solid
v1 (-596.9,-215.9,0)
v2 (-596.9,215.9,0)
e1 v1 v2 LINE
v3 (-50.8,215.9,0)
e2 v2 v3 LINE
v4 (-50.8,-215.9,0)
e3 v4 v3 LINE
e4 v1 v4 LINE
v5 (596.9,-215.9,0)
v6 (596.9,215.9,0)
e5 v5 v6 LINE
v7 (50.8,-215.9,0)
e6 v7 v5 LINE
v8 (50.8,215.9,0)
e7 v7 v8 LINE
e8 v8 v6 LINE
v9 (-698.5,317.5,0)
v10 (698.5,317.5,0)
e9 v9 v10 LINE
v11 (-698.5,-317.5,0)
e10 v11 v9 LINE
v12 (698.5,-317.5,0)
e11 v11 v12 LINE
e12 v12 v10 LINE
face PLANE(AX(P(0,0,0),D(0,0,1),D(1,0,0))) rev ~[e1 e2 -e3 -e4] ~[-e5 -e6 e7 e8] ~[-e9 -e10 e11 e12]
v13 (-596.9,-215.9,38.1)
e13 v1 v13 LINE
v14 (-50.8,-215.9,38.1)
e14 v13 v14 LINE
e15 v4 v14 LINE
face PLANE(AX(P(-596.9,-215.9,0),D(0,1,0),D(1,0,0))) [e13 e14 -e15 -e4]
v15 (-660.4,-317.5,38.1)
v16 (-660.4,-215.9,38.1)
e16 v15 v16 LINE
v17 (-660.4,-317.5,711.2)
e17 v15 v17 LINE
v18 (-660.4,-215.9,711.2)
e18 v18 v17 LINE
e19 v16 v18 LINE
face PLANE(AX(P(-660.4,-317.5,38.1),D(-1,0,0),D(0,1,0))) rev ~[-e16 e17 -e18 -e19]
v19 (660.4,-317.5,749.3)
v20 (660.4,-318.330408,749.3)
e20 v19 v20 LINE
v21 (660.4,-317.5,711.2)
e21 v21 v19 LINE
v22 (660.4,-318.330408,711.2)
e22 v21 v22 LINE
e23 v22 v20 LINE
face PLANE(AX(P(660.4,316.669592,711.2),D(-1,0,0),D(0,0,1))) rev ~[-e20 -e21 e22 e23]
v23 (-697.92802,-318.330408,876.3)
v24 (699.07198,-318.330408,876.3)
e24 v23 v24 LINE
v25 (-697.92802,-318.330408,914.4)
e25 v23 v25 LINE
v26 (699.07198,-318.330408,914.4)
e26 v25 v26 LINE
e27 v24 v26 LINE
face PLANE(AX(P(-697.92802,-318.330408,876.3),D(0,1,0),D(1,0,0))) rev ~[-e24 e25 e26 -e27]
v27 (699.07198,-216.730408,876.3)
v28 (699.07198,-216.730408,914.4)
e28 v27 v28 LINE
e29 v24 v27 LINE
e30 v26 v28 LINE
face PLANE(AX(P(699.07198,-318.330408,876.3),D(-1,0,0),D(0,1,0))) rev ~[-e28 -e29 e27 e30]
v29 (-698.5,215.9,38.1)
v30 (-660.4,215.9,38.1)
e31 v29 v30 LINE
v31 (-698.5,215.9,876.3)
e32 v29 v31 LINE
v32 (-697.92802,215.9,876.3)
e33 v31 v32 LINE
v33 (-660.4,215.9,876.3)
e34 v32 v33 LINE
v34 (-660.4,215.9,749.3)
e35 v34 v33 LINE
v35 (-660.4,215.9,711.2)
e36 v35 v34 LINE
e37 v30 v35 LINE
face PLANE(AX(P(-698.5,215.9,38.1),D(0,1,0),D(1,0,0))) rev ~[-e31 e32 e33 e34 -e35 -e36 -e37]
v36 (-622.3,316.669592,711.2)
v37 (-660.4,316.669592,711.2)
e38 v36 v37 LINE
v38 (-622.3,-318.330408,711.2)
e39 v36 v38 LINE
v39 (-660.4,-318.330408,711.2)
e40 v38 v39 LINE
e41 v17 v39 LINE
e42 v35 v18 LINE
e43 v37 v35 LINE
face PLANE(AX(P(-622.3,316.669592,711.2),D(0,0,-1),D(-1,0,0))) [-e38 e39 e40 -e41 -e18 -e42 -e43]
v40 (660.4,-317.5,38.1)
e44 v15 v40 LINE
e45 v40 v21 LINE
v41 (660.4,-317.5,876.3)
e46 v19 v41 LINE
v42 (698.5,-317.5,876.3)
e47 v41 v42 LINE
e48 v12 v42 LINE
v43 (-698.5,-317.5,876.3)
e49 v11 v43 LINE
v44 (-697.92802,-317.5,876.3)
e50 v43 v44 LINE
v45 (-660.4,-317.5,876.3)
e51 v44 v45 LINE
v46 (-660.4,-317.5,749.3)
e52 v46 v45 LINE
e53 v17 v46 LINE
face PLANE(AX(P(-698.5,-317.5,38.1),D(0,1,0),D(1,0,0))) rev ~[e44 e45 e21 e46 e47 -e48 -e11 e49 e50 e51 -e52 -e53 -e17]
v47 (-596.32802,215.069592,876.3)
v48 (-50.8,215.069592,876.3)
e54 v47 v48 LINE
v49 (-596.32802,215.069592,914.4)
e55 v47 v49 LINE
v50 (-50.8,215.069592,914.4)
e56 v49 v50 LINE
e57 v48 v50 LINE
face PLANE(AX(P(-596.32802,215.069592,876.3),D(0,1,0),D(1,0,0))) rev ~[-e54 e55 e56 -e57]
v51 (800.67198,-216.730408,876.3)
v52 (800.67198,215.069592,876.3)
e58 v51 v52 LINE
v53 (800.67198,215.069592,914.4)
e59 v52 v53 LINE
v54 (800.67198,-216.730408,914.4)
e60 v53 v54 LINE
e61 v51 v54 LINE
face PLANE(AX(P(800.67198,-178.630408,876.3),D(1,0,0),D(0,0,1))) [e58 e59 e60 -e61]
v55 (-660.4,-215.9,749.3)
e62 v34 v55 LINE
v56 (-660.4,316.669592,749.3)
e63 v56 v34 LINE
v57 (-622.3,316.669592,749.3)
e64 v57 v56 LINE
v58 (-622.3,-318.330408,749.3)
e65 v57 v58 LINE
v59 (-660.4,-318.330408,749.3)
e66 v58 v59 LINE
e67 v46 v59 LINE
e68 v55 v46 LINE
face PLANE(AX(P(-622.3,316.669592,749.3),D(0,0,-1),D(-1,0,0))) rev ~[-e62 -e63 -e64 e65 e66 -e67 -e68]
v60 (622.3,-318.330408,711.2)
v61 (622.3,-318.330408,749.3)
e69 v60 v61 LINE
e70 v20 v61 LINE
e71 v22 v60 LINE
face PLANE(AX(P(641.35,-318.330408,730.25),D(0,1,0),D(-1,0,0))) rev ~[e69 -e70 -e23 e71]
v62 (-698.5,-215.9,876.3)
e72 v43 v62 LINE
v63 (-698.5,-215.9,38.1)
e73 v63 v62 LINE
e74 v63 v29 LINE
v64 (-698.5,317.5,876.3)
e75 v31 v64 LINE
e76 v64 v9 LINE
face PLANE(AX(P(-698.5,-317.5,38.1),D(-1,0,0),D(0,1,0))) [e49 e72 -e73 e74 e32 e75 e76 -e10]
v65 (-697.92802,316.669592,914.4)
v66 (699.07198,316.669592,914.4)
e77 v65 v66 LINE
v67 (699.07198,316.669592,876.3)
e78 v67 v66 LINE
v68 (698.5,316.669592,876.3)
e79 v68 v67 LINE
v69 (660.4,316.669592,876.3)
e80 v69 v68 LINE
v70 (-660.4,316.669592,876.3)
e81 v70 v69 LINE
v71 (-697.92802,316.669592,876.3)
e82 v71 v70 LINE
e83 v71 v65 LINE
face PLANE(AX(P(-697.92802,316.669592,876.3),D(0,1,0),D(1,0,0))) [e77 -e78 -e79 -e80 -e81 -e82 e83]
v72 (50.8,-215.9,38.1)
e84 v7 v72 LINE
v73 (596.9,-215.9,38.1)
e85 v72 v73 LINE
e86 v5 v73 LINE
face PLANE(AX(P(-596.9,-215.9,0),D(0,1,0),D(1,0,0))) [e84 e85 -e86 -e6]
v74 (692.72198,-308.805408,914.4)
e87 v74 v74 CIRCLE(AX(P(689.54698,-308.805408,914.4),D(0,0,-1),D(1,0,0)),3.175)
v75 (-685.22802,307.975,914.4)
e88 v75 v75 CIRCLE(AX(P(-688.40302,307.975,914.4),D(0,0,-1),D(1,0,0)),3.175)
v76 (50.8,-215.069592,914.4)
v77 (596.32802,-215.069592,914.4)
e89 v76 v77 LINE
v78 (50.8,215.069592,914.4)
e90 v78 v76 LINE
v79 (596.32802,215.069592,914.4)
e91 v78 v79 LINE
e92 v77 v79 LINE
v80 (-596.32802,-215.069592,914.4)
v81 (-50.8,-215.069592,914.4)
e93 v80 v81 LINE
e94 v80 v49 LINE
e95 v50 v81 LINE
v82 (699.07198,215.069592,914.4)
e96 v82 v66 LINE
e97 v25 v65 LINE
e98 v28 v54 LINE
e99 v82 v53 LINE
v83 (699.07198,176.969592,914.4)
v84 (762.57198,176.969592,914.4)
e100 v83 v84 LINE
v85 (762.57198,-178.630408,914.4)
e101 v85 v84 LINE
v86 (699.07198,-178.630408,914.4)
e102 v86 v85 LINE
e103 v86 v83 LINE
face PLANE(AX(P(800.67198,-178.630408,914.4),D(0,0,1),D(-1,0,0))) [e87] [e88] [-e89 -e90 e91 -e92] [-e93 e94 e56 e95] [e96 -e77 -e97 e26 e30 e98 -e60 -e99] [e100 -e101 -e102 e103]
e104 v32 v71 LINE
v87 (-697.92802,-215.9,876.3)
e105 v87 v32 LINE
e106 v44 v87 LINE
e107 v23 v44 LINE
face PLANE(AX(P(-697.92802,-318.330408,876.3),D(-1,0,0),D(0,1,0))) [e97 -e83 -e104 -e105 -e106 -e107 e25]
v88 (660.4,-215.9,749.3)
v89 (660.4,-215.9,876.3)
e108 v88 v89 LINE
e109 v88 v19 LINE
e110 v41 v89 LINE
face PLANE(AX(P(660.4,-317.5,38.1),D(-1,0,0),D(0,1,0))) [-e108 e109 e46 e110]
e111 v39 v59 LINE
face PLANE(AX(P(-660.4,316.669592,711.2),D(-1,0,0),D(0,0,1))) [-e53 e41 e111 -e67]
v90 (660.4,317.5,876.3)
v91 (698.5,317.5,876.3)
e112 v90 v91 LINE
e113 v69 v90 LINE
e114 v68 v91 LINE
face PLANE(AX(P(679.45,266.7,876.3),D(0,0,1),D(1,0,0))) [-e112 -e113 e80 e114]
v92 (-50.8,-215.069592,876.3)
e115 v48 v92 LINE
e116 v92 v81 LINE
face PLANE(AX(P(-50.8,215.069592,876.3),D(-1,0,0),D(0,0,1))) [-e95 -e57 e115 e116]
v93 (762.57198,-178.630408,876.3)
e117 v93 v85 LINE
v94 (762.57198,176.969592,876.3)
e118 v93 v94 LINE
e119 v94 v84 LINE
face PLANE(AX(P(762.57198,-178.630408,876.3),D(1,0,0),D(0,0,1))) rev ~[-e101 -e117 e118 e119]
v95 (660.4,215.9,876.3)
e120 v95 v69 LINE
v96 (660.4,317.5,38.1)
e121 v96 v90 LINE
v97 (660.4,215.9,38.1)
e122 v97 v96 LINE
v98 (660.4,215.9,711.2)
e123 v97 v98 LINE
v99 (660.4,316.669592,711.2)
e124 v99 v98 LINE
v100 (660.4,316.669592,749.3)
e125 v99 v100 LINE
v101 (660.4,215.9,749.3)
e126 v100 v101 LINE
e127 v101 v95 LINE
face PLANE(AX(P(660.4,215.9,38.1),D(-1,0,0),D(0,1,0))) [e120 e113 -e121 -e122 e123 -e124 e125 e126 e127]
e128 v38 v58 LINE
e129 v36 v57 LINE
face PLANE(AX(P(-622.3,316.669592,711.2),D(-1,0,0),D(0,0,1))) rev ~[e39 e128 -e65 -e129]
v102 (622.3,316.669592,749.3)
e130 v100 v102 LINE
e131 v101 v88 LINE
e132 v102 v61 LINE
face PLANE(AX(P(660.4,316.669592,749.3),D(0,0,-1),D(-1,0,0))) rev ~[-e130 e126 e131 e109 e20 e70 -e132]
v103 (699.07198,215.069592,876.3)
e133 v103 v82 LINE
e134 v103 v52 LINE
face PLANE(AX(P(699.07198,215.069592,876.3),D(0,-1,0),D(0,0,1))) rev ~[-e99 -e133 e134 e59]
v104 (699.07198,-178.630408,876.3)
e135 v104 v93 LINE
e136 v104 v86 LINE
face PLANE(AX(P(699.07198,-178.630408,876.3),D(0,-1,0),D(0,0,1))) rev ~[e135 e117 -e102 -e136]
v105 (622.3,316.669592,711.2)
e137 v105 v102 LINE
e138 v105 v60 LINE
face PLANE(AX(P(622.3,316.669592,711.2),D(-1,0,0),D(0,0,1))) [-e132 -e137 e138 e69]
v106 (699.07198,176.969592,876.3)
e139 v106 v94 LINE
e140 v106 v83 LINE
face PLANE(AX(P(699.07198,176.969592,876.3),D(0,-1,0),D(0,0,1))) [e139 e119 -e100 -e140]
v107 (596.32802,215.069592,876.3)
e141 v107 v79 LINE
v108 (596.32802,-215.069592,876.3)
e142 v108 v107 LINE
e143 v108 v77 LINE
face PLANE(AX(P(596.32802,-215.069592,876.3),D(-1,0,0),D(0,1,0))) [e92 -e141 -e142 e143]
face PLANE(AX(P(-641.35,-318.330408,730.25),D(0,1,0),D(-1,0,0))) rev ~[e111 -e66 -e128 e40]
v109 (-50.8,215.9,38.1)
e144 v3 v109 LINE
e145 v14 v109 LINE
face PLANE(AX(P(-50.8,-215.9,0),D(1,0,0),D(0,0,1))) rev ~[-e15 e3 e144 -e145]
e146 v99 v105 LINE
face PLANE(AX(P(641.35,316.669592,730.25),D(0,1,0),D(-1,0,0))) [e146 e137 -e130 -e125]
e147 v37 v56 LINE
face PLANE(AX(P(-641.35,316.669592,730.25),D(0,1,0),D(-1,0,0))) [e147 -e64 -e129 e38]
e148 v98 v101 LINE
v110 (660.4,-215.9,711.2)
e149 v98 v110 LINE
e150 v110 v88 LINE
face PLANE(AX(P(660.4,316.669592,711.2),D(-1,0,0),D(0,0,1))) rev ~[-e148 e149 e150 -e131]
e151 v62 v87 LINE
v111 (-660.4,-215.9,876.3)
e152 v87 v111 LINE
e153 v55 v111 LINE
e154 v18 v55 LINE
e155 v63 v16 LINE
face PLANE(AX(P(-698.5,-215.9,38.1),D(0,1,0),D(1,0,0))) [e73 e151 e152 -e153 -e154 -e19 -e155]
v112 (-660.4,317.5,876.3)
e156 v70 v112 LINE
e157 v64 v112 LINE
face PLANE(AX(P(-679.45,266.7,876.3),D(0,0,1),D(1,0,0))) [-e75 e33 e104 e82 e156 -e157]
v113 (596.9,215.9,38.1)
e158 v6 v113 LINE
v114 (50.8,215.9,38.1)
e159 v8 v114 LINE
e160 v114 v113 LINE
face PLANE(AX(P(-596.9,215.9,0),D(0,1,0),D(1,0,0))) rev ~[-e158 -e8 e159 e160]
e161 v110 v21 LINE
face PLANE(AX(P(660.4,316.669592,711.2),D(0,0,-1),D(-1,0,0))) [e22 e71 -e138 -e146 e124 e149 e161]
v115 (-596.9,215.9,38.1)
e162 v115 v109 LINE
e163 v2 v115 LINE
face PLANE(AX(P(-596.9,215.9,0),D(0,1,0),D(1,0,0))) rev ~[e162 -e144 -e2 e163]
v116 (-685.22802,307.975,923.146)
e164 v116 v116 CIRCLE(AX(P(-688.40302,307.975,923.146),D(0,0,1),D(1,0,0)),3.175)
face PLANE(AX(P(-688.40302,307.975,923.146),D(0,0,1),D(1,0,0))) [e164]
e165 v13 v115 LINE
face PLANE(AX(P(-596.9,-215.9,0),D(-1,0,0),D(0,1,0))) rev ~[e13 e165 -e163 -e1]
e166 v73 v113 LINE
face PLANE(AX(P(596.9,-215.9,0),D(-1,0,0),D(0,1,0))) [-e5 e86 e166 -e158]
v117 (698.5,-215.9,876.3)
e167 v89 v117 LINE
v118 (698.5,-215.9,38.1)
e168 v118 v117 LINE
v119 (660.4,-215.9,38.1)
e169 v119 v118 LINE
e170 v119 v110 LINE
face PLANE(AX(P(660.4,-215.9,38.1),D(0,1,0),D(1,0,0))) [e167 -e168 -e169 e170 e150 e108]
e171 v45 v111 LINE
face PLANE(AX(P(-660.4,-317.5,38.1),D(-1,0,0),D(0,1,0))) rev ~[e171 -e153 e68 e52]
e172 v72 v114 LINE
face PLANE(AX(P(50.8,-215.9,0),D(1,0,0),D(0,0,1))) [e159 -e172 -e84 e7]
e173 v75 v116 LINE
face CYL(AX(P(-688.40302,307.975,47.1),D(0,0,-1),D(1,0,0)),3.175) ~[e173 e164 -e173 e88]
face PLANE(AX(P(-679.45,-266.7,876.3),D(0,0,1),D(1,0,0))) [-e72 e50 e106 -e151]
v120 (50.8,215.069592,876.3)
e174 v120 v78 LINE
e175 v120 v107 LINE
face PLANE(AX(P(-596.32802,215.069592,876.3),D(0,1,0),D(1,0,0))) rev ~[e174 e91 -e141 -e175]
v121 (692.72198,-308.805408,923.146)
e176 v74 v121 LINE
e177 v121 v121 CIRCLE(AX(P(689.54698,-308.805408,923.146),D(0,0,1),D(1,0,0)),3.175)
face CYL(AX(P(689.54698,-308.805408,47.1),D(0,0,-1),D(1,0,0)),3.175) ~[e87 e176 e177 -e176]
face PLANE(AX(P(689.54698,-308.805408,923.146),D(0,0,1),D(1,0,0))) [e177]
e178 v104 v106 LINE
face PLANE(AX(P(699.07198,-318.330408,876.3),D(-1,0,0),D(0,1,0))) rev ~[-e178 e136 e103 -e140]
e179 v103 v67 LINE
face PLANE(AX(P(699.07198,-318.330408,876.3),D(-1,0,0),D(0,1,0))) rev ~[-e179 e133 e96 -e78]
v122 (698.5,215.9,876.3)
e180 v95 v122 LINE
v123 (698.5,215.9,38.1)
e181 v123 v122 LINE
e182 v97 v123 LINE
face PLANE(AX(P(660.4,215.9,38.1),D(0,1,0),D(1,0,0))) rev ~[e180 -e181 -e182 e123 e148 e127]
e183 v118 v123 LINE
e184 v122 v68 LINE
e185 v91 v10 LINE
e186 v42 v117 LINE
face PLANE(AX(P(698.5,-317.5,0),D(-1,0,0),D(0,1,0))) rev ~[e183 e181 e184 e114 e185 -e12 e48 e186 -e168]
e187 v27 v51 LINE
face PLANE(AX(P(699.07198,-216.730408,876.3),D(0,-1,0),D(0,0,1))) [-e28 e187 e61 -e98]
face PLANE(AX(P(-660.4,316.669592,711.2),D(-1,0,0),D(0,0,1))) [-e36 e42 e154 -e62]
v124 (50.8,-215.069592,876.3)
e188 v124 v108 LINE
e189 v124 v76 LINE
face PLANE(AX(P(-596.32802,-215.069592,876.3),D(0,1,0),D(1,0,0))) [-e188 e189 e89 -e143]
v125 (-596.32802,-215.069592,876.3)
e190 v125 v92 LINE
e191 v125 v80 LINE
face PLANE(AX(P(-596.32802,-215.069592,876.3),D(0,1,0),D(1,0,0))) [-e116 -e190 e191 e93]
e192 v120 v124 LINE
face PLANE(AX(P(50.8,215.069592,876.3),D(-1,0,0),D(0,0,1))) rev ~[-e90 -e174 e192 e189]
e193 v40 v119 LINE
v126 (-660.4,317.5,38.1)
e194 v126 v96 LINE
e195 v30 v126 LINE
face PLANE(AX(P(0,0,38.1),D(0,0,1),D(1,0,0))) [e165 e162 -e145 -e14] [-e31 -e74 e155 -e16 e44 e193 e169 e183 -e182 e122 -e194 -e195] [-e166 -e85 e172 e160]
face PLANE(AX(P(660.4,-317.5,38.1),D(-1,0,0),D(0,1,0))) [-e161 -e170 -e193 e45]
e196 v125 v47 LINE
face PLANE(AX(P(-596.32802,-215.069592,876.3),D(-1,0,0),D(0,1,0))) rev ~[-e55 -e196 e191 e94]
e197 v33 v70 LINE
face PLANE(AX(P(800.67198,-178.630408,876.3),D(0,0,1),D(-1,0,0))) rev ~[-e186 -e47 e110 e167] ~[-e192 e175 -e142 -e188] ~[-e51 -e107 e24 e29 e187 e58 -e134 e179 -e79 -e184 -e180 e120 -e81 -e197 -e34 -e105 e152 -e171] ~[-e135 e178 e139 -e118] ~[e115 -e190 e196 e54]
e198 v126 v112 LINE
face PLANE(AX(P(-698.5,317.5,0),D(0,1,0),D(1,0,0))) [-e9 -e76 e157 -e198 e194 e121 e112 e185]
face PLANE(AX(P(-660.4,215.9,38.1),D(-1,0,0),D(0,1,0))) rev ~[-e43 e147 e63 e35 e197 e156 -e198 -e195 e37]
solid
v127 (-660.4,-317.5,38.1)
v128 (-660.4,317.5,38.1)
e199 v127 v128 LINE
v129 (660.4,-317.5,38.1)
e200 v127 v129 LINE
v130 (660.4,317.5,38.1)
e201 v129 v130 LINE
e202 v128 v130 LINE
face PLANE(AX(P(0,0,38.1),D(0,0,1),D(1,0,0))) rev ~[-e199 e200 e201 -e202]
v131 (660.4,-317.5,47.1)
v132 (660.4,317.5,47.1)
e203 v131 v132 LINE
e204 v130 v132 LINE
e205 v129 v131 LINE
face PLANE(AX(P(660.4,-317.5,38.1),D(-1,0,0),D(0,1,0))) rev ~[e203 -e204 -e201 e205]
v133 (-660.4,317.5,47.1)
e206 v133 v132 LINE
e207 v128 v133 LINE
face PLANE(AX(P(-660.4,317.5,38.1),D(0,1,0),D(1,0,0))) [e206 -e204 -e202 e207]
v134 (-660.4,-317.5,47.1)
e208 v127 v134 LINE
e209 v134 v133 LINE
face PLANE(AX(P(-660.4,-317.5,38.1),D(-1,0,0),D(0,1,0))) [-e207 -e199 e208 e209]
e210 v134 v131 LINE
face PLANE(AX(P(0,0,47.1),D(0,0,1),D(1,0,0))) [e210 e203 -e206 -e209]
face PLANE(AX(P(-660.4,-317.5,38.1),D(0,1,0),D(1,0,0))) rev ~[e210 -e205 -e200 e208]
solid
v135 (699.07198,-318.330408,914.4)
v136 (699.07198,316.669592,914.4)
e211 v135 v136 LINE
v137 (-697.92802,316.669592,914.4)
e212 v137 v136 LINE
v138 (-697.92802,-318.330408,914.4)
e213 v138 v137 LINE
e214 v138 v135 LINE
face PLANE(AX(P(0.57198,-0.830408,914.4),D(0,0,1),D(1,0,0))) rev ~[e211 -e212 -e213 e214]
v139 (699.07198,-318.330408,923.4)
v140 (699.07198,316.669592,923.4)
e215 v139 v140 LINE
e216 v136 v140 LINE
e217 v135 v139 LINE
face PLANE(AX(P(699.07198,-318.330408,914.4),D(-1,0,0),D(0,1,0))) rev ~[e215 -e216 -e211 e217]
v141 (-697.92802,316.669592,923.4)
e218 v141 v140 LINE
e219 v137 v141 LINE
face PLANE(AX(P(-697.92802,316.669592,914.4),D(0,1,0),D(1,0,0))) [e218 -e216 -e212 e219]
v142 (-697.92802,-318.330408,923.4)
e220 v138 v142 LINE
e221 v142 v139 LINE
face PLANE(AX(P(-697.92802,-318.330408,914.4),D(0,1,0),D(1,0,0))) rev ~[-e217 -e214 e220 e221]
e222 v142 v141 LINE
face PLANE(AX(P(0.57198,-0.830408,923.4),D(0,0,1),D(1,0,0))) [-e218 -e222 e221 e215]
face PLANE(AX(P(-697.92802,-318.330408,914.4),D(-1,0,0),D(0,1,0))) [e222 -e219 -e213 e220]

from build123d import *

# Parameters (mm, degrees)
F0_W      = 1397
F0_H      = 635
F0_W_2    = 1193.8
F0_H_2    = 431.8
F1_DEPTH  = 38.1
F2_W      = 38.1
F2_H      = 101.6
F3_DEPTH  = 838.2
F5_W      = 1397
F5_H      = 635
F5_W_2    = 1192.6560401917
F5_H_2    = 430.1391839981
F6_DEPTH  = 38.1
F7_W      = 101.6
F7_H      = 38.1
F8_DEPTH  = 431.8
F9_W      = 101.6
F9_H      = 38.1
F10_DEPTH = 431.8
F11_W     = 38.1
F11_H     = 38.1
F12_DEPTH = 101.6
F13_W     = 38.1
F13_H     = 38.1
F14_DEPTH = 358.14
F15_W     = 38.1
F15_H     = 38.1
F16_DEPTH = 635
F17_W     = 1320.8
F17_H     = 635
F18_DEPTH = 9
F19_W     = 1397
F19_H     = 635
F20_DEPTH = 9
F21_R     = 3.175
F22_DEPTH = 876.046


with BuildPart() as f1:
    # F0 (on Top) → F1 (new body)
    with BuildSketch(Plane.XY):
        Rectangle(F0_W, F0_H)
        Rectangle(F0_W_2, F0_H_2, mode=Mode.SUBTRACT)
    extrude(amount=F1_DEPTH)

    # F2 (on face) → F3 (join)
    with BuildSketch(Plane.XY.offset(38.1)):
        with Locations((-679.45, -266.7)):
            Rectangle(F2_W, F2_H)
        with Locations((-679.45, 266.7)):
            Rectangle(F2_W, F2_H)
        with Locations((679.45, 266.7)):
            Rectangle(F2_W, F2_H)
        with Locations((679.45, -266.7)):
            Rectangle(F2_W, F2_H)
    extrude(amount=F3_DEPTH)

    # F5 (on offset) → F6 (join)
    with BuildSketch(Plane.XY.offset(876.3)):
        with Locations((0.5719799042, -0.8304080009)):
            Rectangle(F5_W, F5_H)
        Rectangle(F5_W_2, F5_H_2, mode=Mode.SUBTRACT)
    extrude(amount=F6_DEPTH)

    # F7 (on face) → F8 (join)
    with BuildSketch(Plane.XZ.offset(-215.0695919991)):
        with Locations((0, 895.35)):
            Rectangle(F7_W, F7_H)
    extrude(amount=F8_DEPTH)

    # F9 (on face) → F10 (join)
    with BuildSketch(Plane(origin=(0, -215.9, 0), x_dir=(-1, 0, 0), z_dir=(0, 1, 0))):
        with Locations((0, 19.05)):
            Rectangle(F9_W, F9_H)
    extrude(amount=F10_DEPTH)

    # F11 (on face) → F12 (join)
    with BuildSketch(Plane.YZ.offset(699.0719799042)):
        with Locations((-197.6804080009, 895.35)):
            Rectangle(F11_W, F11_H)
        with Locations((196.0195919991, 895.35)):
            Rectangle(F11_W, F11_H)
    extrude(amount=F12_DEPTH)

    # F13 (on face) → F14 (join)
    with BuildSketch(Plane(origin=(0, -178.6304080009, 0), x_dir=(-1, 0, 0), z_dir=(0, 1, 0))):
        with Locations((-781.6219799042, 895.35)):
            Rectangle(F13_W, F13_H)
    extrude(amount=F14_DEPTH)

    # F15 (on face) → F16 (join)
    with BuildSketch(Plane(origin=(0, 316.6695919991, 0), x_dir=(-1, 0, 0), z_dir=(0, 1, 0))):
        with Locations((-641.35, 730.25)):
            Rectangle(F15_W, F15_H)
        with Locations((641.35, 730.25)):
            Rectangle(F15_W, F15_H)
    extrude(amount=-F16_DEPTH)

    # F21 (on face) → F22 (join)
    with BuildSketch(Plane.XY.offset(47.1)):
        with Locations((-688.4030200958, 307.975)):
            Circle(F21_R)
        with Locations((689.5469799042, -308.8054080009)):
            Circle(F21_R)
    extrude(amount=F22_DEPTH)


with BuildPart() as f18:
    # F17 (on face) → F18 (new body)
    with BuildSketch(Plane.XY.offset(38.1)):
        Rectangle(F17_W, F17_H)
    extrude(amount=F18_DEPTH)


with BuildPart() as f20:
    # F19 (on face) → F20 (new body)
    with BuildSketch(Plane.XY.offset(914.4)):
        with Locations((0.5719799042, -0.8304080009)):
            Rectangle(F19_W, F19_H)
    extrude(amount=F20_DEPTH)


solid = Compound([f1.part, f18.part, f20.part])
